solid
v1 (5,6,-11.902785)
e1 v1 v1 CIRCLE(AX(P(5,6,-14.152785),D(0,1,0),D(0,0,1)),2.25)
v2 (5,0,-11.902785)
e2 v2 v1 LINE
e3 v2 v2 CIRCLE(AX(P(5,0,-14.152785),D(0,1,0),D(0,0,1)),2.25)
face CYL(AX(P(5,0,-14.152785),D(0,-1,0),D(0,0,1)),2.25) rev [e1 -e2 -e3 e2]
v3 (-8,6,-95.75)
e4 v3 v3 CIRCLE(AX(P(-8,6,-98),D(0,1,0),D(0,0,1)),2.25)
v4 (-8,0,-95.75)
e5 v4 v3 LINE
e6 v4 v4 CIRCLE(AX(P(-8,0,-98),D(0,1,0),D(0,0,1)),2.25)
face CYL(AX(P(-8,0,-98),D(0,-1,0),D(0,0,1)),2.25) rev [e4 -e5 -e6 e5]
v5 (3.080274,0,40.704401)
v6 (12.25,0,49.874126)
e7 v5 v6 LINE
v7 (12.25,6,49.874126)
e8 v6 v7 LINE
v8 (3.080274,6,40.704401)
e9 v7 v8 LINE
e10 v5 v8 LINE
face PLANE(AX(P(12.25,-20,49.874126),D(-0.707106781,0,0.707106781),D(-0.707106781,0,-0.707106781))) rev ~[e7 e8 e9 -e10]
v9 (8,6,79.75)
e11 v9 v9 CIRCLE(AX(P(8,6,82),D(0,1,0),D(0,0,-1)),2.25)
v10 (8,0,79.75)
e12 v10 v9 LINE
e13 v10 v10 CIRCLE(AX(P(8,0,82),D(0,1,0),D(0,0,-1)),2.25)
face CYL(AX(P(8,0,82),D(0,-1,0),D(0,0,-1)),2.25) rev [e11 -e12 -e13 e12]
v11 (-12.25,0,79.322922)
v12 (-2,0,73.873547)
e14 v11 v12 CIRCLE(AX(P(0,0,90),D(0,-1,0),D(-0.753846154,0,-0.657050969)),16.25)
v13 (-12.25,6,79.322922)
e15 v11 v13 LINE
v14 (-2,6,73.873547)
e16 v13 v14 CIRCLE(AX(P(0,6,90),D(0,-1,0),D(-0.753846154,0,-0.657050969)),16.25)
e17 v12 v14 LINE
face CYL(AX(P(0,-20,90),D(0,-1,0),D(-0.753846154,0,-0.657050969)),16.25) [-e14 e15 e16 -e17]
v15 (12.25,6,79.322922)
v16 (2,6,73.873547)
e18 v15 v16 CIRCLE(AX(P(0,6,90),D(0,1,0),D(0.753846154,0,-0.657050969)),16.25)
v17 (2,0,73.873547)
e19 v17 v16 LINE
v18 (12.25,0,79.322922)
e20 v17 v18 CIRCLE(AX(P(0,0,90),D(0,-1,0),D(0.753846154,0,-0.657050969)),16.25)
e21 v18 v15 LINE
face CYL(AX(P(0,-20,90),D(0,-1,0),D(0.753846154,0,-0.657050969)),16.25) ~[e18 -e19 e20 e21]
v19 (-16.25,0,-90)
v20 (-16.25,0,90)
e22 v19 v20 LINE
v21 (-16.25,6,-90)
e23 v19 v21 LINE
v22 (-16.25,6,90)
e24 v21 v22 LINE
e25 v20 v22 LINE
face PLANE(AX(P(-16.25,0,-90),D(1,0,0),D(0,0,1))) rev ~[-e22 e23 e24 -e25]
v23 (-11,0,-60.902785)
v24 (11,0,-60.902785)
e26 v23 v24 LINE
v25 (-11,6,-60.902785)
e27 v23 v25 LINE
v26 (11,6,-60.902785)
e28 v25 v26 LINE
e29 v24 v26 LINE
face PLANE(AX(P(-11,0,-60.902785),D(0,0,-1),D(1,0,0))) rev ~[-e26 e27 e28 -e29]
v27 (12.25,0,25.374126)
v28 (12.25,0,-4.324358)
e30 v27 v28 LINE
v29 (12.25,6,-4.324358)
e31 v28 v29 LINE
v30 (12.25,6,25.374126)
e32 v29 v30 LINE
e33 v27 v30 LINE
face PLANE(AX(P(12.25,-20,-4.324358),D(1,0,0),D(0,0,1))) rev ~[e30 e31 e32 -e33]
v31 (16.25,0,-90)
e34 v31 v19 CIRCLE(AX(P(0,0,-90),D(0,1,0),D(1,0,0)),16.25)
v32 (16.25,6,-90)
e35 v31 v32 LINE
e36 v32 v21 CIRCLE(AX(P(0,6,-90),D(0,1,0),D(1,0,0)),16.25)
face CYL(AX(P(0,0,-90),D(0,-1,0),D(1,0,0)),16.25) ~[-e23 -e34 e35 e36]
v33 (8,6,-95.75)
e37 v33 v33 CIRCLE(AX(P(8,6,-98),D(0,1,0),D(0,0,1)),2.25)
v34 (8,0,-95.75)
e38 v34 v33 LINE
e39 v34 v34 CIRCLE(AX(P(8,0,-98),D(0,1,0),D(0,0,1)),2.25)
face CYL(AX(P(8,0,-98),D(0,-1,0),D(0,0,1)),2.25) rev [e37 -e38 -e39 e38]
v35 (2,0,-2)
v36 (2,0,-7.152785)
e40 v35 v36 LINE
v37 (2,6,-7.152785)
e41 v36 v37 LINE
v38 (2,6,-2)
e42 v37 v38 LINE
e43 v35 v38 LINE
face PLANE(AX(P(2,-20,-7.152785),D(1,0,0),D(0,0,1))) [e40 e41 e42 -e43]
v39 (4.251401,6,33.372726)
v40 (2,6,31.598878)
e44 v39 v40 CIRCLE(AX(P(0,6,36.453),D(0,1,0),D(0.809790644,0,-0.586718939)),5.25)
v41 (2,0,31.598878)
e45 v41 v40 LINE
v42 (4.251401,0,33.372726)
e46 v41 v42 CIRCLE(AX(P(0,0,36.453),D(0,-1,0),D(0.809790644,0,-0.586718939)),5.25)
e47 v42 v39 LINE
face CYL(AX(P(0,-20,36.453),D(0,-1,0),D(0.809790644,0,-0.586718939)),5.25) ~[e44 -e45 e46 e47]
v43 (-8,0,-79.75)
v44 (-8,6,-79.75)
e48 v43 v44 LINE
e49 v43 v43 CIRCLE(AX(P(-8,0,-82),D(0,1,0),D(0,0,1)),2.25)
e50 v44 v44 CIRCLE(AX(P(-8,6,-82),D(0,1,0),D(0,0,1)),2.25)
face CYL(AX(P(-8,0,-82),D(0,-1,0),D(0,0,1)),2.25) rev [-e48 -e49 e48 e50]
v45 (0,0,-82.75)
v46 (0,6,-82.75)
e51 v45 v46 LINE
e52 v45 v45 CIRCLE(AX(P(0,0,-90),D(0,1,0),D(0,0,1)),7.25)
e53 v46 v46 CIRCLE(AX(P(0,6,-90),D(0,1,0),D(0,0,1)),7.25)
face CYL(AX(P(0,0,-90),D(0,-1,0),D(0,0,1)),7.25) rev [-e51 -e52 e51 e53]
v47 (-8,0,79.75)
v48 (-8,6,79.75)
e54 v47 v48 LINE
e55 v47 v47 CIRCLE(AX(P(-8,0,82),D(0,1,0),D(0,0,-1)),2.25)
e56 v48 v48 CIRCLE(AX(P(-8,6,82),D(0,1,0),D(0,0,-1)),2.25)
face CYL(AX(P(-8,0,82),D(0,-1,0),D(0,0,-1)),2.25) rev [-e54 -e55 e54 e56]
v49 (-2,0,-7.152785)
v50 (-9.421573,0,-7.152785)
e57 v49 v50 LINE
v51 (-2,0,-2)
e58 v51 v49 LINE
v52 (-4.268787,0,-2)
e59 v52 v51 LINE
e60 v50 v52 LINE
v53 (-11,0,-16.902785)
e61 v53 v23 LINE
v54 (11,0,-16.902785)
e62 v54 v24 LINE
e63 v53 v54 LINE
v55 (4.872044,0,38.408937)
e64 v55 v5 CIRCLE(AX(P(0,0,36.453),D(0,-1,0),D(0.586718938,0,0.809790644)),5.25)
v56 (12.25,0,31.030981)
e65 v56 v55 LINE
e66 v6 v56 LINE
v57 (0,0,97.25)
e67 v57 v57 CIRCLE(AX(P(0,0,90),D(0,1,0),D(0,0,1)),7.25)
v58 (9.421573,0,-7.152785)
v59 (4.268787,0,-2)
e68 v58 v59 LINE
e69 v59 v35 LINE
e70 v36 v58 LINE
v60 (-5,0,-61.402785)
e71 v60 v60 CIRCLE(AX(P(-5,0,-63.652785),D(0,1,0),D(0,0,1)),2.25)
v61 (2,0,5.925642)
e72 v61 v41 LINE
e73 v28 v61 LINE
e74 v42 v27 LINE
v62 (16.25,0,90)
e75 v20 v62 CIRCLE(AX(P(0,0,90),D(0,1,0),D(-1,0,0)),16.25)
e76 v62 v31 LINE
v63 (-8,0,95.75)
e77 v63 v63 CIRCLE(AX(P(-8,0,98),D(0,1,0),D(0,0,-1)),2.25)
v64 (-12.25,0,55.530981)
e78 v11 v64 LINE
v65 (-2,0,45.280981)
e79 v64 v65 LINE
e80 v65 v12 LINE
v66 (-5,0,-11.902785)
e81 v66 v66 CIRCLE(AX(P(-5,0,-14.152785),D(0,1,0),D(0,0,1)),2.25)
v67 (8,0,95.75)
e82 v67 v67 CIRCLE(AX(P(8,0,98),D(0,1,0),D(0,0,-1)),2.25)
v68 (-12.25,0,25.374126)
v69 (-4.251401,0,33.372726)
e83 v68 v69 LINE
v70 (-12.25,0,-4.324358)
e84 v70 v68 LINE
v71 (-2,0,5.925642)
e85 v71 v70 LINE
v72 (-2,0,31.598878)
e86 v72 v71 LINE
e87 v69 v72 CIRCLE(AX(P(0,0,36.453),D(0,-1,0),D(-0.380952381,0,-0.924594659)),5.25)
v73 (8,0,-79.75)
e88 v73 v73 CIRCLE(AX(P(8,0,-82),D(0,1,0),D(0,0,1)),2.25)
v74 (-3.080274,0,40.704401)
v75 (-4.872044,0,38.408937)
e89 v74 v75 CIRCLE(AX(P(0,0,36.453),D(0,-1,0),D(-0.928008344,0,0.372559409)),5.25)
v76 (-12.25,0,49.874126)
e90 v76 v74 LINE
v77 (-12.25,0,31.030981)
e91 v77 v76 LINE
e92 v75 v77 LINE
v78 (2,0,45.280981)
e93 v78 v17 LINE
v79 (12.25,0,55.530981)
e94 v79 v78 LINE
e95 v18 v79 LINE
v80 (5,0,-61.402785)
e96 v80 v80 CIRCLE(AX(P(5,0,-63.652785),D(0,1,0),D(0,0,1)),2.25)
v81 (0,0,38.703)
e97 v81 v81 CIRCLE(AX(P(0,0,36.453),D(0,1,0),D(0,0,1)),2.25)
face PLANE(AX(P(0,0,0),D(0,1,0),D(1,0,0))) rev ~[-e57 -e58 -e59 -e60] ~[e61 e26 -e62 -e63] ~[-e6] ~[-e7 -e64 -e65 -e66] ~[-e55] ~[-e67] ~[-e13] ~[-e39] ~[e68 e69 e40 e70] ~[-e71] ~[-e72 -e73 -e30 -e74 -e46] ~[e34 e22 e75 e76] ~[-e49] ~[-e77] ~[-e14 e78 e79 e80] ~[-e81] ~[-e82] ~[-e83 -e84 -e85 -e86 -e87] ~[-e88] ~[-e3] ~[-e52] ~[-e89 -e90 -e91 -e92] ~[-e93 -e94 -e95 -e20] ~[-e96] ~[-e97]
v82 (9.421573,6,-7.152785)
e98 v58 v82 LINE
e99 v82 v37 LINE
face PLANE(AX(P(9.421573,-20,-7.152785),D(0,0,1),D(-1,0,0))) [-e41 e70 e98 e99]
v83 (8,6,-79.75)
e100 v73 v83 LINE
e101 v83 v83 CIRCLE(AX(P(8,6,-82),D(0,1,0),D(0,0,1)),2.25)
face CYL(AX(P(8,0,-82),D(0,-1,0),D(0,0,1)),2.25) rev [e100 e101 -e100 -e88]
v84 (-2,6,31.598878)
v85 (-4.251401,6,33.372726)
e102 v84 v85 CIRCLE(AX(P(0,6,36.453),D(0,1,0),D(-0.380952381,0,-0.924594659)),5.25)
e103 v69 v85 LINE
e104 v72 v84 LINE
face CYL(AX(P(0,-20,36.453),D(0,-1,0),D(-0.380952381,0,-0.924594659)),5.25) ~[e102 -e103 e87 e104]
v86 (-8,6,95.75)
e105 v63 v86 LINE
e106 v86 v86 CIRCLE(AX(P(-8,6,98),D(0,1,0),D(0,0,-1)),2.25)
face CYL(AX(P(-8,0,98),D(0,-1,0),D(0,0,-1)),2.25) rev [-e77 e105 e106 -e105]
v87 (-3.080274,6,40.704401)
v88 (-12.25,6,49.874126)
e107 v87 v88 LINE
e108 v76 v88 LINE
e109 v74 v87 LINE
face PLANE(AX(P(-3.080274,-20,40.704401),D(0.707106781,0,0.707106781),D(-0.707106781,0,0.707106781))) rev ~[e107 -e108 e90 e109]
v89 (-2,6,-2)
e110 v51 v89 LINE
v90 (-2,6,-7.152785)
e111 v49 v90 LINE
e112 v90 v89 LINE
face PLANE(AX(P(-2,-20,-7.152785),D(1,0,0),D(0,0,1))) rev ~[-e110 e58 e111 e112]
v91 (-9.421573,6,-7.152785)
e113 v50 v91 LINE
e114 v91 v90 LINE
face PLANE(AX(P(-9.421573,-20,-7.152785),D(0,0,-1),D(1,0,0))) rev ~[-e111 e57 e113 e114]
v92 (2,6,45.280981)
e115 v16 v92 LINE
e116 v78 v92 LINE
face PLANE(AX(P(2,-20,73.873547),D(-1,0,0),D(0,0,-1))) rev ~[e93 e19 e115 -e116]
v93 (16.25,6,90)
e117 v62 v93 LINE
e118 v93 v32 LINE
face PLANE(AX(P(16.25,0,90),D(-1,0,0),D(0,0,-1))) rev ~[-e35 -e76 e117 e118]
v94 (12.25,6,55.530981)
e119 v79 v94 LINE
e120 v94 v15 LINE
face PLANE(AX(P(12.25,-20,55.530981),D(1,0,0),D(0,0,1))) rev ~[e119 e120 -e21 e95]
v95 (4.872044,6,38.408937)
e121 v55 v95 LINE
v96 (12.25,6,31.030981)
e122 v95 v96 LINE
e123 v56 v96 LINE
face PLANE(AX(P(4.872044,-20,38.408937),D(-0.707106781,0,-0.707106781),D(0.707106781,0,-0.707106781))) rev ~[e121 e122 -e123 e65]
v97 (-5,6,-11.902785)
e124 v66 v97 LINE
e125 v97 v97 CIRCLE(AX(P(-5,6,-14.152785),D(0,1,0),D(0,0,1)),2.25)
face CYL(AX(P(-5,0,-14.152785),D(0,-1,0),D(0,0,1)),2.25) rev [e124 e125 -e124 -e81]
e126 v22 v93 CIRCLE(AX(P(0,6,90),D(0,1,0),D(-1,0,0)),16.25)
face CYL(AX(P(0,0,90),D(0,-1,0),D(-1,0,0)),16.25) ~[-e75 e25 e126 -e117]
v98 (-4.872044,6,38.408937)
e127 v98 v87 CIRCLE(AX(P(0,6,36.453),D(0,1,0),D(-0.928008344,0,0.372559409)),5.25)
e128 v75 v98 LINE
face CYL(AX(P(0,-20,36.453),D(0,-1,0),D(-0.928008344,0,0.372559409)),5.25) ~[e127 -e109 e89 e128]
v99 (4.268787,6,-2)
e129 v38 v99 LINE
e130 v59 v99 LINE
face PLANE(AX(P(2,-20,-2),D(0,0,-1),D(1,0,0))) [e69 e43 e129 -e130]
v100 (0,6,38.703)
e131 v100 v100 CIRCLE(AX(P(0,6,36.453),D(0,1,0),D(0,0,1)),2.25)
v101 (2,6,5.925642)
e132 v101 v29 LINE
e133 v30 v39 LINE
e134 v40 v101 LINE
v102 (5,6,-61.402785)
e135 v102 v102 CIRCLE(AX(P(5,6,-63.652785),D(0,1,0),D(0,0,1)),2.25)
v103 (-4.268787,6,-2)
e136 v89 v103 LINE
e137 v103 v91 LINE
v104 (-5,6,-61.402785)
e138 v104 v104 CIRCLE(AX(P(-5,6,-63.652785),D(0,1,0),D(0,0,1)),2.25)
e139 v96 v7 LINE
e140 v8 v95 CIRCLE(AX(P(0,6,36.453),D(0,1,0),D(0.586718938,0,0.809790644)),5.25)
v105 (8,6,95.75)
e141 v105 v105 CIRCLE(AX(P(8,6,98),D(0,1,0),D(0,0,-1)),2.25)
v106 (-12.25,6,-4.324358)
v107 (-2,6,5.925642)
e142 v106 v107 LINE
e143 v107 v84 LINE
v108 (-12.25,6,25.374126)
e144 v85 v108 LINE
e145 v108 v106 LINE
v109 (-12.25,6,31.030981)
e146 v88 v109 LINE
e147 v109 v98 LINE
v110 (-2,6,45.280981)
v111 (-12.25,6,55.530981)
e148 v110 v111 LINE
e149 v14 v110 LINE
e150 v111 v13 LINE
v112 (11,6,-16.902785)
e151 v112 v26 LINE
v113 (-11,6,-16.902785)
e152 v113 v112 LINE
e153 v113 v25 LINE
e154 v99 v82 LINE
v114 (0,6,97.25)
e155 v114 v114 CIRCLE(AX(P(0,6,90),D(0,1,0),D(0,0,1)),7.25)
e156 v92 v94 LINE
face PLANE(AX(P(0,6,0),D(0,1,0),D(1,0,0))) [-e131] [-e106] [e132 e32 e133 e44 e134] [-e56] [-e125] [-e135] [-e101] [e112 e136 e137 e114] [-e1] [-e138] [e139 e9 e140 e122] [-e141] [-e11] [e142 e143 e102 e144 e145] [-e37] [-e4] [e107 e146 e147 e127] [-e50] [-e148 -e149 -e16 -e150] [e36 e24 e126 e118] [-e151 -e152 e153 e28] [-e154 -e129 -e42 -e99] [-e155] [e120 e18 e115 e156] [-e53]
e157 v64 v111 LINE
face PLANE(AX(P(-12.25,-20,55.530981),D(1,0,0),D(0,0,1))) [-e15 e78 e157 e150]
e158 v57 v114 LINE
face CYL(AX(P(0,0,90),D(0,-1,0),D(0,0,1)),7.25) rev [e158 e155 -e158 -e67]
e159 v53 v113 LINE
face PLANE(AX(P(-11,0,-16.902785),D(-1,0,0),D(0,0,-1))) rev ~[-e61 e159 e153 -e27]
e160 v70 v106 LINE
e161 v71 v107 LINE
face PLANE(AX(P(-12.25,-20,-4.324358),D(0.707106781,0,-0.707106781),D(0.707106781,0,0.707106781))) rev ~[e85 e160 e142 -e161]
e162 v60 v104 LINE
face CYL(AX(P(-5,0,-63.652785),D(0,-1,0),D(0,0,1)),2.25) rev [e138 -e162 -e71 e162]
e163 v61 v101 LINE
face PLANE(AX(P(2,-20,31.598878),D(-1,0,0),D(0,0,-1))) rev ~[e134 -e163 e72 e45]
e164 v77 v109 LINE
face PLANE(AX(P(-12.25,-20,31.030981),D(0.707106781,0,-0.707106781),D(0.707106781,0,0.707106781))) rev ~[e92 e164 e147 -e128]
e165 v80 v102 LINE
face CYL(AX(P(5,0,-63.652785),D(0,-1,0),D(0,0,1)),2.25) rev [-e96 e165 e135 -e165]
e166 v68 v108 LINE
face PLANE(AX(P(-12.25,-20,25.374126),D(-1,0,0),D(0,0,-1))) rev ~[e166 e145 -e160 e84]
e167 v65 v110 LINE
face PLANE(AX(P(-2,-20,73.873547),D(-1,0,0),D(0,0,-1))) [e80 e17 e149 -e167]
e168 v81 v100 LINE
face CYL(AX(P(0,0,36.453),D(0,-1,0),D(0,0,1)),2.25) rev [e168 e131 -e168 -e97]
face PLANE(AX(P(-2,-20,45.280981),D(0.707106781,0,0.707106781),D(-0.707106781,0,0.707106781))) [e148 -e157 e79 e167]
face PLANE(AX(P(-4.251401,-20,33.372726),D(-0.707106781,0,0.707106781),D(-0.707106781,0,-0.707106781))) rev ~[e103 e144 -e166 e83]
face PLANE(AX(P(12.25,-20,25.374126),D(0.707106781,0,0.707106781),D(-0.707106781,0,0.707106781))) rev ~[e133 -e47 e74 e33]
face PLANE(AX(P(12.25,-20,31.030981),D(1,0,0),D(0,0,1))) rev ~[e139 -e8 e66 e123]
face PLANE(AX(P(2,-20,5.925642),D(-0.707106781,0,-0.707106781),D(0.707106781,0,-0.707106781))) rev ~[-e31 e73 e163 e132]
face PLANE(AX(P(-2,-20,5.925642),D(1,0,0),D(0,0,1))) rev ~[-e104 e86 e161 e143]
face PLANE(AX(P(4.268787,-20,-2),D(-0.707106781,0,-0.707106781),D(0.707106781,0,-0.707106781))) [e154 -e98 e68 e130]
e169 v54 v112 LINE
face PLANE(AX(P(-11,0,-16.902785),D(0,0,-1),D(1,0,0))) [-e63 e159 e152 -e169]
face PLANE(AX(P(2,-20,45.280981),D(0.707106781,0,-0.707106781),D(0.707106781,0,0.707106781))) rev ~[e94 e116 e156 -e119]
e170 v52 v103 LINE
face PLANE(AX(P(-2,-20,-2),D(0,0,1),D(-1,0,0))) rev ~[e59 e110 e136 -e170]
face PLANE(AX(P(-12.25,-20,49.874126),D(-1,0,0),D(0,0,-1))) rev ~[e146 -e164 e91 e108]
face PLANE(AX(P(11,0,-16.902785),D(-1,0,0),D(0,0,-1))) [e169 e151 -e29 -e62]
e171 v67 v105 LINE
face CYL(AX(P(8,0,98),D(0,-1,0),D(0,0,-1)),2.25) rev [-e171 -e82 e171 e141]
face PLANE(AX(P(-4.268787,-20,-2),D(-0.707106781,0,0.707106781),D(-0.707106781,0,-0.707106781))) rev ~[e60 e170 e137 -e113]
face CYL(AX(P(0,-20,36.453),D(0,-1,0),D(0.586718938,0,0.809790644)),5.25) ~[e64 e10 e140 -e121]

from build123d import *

# Parameters (mm, degrees)
SKETCH2_R           = 7.25
SKETCH2_R_2         = 2.25
SKETCH2_W           = 22
SKETCH2_H           = 44
BOSS_EXTRUDE1_DEPTH = 6
CUT_EXTRUDE1_START  = -26
CUT_EXTRUDE1_DEPTH  = 26


with BuildPart() as part:
    # Sketch2 → Boss-Extrude1 (new body)
    with BuildSketch(Plane(origin=(0, 0, 0), x_dir=(1, 0, 0), z_dir=(0, 1, 0))):
        with BuildLine():
            Line((-16.25, 90), (-16.25, -90))
            ThreePointArc((-16.25, -90), (0, -106.25), (16.25, -90))
            Line((16.25, -90), (16.25, 90))
            ThreePointArc((16.25, 90), (0, 106.25), (-16.25, 90))
        make_face()
        with Locations(Location((0, 90, 0), (0, 0, 270))):
            Circle(SKETCH2_R, mode=Mode.SUBTRACT)
        with Locations(Location((0, -90, 0), (0, 0, 270))):
            Circle(SKETCH2_R, mode=Mode.SUBTRACT)
        with Locations(Location((8, 98, 0), (0, 0, 270))):
            Circle(SKETCH2_R_2, mode=Mode.SUBTRACT)
        with Locations(Location((-8, 98, 0), (0, 0, 270))):
            Circle(SKETCH2_R_2, mode=Mode.SUBTRACT)
        with Locations(Location((-8, 82, 0), (0, 0, 270))):
            Circle(SKETCH2_R_2, mode=Mode.SUBTRACT)
        with Locations(Location((8, 82, 0), (0, 0, 270))):
            Circle(SKETCH2_R_2, mode=Mode.SUBTRACT)
        with Locations(Location((8, -98, 0), (0, 0, 90))):
            Circle(SKETCH2_R_2, mode=Mode.SUBTRACT)
        with Locations(Location((8, -82, 0), (0, 0, 90))):
            Circle(SKETCH2_R_2, mode=Mode.SUBTRACT)
        with Locations(Location((-8, -82, 0), (0, 0, 90))):
            Circle(SKETCH2_R_2, mode=Mode.SUBTRACT)
        with Locations(Location((-8, -98, 0), (0, 0, 90))):
            Circle(SKETCH2_R_2, mode=Mode.SUBTRACT)
        with Locations(Location((-5, 63.652785483, 0), (0, 0, 270))):
            Circle(SKETCH2_R_2, mode=Mode.SUBTRACT)
        with Locations(Location((5, 63.652785483, 0), (0, 0, 270))):
            Circle(SKETCH2_R_2, mode=Mode.SUBTRACT)
        with Locations(Location((-5, 14.152785483, 0), (0, 0, 270))):
            Circle(SKETCH2_R_2, mode=Mode.SUBTRACT)
        with Locations(Location((5, 14.152785483, 0), (0, 0, 270))):
            Circle(SKETCH2_R_2, mode=Mode.SUBTRACT)
        with Locations(Location((0, -36.453, 0), (0, 0, 270))):
            Circle(SKETCH2_R_2, mode=Mode.SUBTRACT)
        with Locations((0, 38.902785483)):
            Rectangle(SKETCH2_W, SKETCH2_H, mode=Mode.SUBTRACT)
    extrude(amount=BOSS_EXTRUDE1_DEPTH)

    # Sketch3 → Cut-Extrude1 (cut)
    with BuildSketch(Plane(origin=(0, 6, 0), x_dir=(1, 0, 0), z_dir=(0, 1, 0)).offset(CUT_EXTRUDE1_START)):
        with BuildLine():
            ThreePointArc((-2, -31.59887804), (-3.249097876, -32.329183443), (-4.25140088, -33.372725571))
            Line((-4.25140088, -33.372725571), (-12.25, -25.374126452))
            Line((-12.25, -25.374126452), (-12.25, 4.324358358))
            Line((-12.25, 4.324358358), (-2, -5.925641642))
            Line((-2, -5.925641642), (-2, -31.59887804))
        make_face()
        with BuildLine():
            ThreePointArc((4.25140088, -33.372725571), (3.249097876, -32.329183443), (2, -31.59887804))
            Line((2, -31.59887804), (2, -5.925641642))
            Line((2, -5.925641642), (12.25, 4.324358358))
            Line((12.25, 4.324358358), (12.25, -25.374126452))
            Line((12.25, -25.374126452), (4.25140088, -33.372725571))
        make_face()
        with BuildLine():
            ThreePointArc((-4.872043809, -38.408936892), (-4.138493695, -39.68338232), (-3.080274429, -40.70440088))
            Line((-3.080274429, -40.70440088), (-12.25, -49.874126451))
            Line((-12.25, -49.874126451), (-12.25, -31.030980701))
            Line((-12.25, -31.030980701), (-4.872043809, -38.408936892))
        make_face()
        with BuildLine():
            ThreePointArc((3.080274429, -40.70440088), (4.138493696, -39.68338232), (4.872043809, -38.408936892))
            Line((4.872043809, -38.408936892), (12.25, -31.030980701))
            Line((12.25, -31.030980701), (12.25, -49.874126451))
            Line((12.25, -49.874126451), (3.080274429, -40.70440088))
        make_face()
        with BuildLine():
            Line((-12.25, -55.530980701), (-12.25, -79.322921748))
            ThreePointArc((-12.25, -79.322921748), (-7.628207354, -75.651726495), (-2, -73.873546577))
            Line((-2, -73.873546577), (-2, -45.280980701))
            Line((-2, -45.280980701), (-12.25, -55.530980701))
        make_face()
        with BuildLine():
            ThreePointArc((12.25, -79.322921748), (7.628207354, -75.651726495), (2, -73.873546577))
            Line((2, -73.873546577), (2, -45.280980701))
            Line((2, -45.280980701), (12.25, -55.530980701))
            Line((12.25, -55.530980701), (12.25, -79.322921748))
        make_face()
        Polygon((-4.268787392, 2), (-9.421572875, 7.152785483), (-2, 7.152785483), (-2, 2), align=None)
        Polygon((2, 2), (4.268787392, 2), (9.421572875, 7.152785483), (2, 7.152785483), align=None)
    extrude(amount=CUT_EXTRUDE1_DEPTH, mode=Mode.SUBTRACT)


solid = part.part
